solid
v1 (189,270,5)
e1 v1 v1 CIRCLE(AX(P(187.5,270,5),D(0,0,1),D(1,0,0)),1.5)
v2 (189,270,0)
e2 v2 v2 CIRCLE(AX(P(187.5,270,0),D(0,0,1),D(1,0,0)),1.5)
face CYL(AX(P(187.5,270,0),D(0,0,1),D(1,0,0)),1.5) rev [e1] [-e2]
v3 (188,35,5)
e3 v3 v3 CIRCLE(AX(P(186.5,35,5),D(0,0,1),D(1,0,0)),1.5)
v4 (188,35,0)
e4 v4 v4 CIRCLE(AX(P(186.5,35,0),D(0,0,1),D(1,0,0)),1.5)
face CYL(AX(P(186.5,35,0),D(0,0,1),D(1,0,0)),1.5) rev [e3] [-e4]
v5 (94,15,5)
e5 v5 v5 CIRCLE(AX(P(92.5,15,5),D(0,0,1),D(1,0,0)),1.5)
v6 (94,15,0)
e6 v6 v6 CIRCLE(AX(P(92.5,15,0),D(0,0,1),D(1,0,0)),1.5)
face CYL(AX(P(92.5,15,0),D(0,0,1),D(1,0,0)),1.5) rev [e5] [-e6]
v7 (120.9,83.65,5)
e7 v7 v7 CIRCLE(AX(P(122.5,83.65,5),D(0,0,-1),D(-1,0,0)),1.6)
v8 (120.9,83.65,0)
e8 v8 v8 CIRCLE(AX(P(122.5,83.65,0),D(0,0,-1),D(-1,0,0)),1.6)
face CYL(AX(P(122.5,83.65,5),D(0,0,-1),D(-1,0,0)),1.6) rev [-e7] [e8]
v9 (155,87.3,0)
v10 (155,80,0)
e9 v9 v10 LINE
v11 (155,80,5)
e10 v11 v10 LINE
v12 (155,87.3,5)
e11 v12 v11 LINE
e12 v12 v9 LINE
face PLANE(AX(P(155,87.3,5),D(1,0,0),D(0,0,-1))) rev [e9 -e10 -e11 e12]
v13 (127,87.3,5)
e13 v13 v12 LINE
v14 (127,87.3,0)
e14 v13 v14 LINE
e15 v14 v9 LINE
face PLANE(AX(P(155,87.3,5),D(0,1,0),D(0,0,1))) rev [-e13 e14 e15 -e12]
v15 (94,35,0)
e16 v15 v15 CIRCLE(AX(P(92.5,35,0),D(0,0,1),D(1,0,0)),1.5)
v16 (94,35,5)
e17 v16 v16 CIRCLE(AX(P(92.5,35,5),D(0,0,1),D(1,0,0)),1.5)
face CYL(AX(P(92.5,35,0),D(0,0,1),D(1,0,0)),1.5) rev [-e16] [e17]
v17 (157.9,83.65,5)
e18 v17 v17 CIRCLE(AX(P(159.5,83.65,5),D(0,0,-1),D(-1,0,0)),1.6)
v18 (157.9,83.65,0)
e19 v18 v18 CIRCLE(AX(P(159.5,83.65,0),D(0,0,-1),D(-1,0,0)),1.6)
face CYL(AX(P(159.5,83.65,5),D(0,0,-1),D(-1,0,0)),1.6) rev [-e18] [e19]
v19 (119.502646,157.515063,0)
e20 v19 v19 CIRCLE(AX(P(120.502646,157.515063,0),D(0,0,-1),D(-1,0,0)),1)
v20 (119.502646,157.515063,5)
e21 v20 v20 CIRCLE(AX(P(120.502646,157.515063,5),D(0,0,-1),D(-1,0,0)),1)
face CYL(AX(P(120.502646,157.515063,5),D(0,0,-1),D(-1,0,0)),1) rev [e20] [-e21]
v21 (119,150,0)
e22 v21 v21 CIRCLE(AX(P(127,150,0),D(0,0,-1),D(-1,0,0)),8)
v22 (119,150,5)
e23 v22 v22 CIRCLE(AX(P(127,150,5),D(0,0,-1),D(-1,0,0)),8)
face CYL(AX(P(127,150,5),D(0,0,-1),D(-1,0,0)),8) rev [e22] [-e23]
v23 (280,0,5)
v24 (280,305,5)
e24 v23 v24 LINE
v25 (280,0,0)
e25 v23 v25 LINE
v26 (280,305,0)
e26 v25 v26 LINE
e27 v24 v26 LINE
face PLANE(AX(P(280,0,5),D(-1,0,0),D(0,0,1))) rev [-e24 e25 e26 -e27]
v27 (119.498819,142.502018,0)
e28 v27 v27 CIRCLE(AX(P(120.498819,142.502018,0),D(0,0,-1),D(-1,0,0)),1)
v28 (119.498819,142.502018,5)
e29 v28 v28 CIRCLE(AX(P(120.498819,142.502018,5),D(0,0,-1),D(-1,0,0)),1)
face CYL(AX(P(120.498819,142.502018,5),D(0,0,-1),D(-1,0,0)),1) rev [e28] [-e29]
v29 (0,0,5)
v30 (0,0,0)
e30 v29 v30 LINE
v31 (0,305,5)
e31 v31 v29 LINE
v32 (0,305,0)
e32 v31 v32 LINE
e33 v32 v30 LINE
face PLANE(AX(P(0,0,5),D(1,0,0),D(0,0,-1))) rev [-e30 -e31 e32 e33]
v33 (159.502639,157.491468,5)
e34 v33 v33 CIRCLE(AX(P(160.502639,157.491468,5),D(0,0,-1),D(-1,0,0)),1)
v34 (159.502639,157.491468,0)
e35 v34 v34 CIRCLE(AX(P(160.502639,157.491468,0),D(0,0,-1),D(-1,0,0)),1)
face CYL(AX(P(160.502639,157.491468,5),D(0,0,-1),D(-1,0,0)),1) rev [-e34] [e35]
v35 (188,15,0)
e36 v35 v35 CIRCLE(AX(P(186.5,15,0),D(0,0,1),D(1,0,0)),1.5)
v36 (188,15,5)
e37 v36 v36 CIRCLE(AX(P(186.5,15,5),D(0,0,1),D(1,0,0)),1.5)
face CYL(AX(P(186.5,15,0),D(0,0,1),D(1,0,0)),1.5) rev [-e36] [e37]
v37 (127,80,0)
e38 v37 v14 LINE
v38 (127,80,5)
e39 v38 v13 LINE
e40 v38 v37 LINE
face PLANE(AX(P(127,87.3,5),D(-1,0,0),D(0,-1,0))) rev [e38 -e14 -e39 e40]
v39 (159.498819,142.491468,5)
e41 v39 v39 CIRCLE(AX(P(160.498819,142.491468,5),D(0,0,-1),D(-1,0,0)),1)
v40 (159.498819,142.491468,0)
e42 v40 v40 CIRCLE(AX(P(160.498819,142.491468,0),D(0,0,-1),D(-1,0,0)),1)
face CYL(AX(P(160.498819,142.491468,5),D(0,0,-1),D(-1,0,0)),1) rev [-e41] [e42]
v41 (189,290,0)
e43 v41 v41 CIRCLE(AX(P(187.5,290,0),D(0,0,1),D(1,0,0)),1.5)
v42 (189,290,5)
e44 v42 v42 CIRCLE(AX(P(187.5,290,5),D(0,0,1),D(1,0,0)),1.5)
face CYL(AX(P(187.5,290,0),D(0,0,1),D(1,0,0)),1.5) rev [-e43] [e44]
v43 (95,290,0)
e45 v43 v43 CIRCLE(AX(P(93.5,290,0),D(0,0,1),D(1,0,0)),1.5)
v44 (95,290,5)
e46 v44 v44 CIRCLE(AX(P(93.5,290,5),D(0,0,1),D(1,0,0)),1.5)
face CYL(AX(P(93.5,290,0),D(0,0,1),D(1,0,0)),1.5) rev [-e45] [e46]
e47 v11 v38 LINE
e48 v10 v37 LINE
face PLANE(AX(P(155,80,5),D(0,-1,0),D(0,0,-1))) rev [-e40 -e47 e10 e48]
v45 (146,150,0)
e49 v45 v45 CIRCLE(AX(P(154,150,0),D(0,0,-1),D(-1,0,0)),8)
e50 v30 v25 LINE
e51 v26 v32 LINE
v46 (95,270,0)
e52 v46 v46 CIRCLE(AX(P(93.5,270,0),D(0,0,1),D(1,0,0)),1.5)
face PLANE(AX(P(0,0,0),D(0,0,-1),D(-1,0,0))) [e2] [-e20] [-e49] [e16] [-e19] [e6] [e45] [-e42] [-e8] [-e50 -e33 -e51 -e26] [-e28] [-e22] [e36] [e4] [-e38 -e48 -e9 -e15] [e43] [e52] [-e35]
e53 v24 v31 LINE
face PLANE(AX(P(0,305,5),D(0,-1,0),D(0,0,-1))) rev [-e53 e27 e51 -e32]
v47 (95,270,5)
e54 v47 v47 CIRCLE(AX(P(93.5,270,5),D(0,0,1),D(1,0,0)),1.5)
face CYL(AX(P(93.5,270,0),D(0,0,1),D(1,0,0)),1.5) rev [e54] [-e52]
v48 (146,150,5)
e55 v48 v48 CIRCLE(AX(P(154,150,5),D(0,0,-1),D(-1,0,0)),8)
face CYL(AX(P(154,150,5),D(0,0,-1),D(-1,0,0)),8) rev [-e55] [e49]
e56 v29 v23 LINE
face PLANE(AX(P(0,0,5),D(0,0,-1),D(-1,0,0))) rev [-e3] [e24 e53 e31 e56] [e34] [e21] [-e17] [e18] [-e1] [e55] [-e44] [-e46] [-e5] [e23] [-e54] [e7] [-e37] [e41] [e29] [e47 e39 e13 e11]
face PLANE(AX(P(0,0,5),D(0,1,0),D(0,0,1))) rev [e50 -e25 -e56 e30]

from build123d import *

# Parameters (mm, degrees)
ESQUISSE1_W             = 280
ESQUISSE1_H             = 305
BOSS_EXTRU_1_DEPTH      = 5
ESQUISSE2_R             = 1.5
ENL_V_MAT_EXTRU_1_DEPTH = 415.065212255
ESQUISSE3_R             = 1.5
ENL_V_MAT_EXTRU_2_DEPTH = 415.065212255
ESQUISSE4_R             = 1.6
ESQUISSE4_W             = 28
ESQUISSE4_H             = 7.3
ENL_V_MAT_EXTRU_3_DEPTH = 415.065212255
ESQUISSE5_R             = 8
ESQUISSE5_R_2           = 1
ENL_V_MAT_EXTRU_4_DEPTH = 415.065212255


with BuildPart() as part:
    # Esquisse1 → Boss.-Extru.1 (new body)
    with BuildSketch(Plane.XY):
        with Locations((140, 152.5)):
            Rectangle(ESQUISSE1_W, ESQUISSE1_H)
    extrude(amount=BOSS_EXTRU_1_DEPTH)

    # Esquisse2 → Enlèv. mat.-Extru.1 (cut, through all)
    with BuildSketch(Plane.XY.offset(5)):
        with Locations((92.5, 35)):
            Circle(ESQUISSE2_R)
        with Locations((92.5, 15)):
            Circle(ESQUISSE2_R)
        with Locations((186.5, 35)):
            Circle(ESQUISSE2_R)
        with Locations((186.5, 15)):
            Circle(ESQUISSE2_R)
    extrude(amount=-ENL_V_MAT_EXTRU_1_DEPTH, mode=Mode.SUBTRACT)

    # Esquisse3 → Enlèv. mat.-Extru.2 (cut, through all)
    with BuildSketch(Plane.XY.offset(5)):
        with Locations((187.5, 270)):
            Circle(ESQUISSE3_R)
        with Locations((187.5, 290)):
            Circle(ESQUISSE3_R)
        with Locations((93.5, 270)):
            Circle(ESQUISSE3_R)
        with Locations((93.5, 290)):
            Circle(ESQUISSE3_R)
    extrude(amount=-ENL_V_MAT_EXTRU_2_DEPTH, mode=Mode.SUBTRACT)

    # Esquisse4 → Enlèv. mat.-Extru.3 (cut, through all)
    with BuildSketch(Plane(origin=(0, 0, 0), x_dir=(-1, 0, 0), z_dir=(0, 0, -1))):
        with Locations((-159.5, 83.65)):
            Circle(ESQUISSE4_R)
        with Locations((-122.5, 83.65)):
            Circle(ESQUISSE4_R)
        with Locations((-141, 83.65)):
            Rectangle(ESQUISSE4_W, ESQUISSE4_H)
    extrude(amount=-ENL_V_MAT_EXTRU_3_DEPTH, mode=Mode.SUBTRACT)

    # Esquisse5 → Enlèv. mat.-Extru.4 (cut, through all)
    with BuildSketch(Plane(origin=(0, 0, 0), x_dir=(-1, 0, 0), z_dir=(0, 0, -1))):
        with Locations((-154, 150)):
            Circle(ESQUISSE5_R)
        with Locations((-127, 150)):
            Circle(ESQUISSE5_R)
        with Locations((-160.502638889, 157.491467645)):
            Circle(ESQUISSE5_R_2)
        with Locations((-120.502645848, 157.515062528)):
            Circle(ESQUISSE5_R_2)
        with Locations((-120.498818515, 142.502017666)):
            Circle(ESQUISSE5_R_2)
        with Locations((-160.498818515, 142.491467645)):
            Circle(ESQUISSE5_R_2)
    extrude(amount=-ENL_V_MAT_EXTRU_4_DEPTH, mode=Mode.SUBTRACT)


solid = part.part
